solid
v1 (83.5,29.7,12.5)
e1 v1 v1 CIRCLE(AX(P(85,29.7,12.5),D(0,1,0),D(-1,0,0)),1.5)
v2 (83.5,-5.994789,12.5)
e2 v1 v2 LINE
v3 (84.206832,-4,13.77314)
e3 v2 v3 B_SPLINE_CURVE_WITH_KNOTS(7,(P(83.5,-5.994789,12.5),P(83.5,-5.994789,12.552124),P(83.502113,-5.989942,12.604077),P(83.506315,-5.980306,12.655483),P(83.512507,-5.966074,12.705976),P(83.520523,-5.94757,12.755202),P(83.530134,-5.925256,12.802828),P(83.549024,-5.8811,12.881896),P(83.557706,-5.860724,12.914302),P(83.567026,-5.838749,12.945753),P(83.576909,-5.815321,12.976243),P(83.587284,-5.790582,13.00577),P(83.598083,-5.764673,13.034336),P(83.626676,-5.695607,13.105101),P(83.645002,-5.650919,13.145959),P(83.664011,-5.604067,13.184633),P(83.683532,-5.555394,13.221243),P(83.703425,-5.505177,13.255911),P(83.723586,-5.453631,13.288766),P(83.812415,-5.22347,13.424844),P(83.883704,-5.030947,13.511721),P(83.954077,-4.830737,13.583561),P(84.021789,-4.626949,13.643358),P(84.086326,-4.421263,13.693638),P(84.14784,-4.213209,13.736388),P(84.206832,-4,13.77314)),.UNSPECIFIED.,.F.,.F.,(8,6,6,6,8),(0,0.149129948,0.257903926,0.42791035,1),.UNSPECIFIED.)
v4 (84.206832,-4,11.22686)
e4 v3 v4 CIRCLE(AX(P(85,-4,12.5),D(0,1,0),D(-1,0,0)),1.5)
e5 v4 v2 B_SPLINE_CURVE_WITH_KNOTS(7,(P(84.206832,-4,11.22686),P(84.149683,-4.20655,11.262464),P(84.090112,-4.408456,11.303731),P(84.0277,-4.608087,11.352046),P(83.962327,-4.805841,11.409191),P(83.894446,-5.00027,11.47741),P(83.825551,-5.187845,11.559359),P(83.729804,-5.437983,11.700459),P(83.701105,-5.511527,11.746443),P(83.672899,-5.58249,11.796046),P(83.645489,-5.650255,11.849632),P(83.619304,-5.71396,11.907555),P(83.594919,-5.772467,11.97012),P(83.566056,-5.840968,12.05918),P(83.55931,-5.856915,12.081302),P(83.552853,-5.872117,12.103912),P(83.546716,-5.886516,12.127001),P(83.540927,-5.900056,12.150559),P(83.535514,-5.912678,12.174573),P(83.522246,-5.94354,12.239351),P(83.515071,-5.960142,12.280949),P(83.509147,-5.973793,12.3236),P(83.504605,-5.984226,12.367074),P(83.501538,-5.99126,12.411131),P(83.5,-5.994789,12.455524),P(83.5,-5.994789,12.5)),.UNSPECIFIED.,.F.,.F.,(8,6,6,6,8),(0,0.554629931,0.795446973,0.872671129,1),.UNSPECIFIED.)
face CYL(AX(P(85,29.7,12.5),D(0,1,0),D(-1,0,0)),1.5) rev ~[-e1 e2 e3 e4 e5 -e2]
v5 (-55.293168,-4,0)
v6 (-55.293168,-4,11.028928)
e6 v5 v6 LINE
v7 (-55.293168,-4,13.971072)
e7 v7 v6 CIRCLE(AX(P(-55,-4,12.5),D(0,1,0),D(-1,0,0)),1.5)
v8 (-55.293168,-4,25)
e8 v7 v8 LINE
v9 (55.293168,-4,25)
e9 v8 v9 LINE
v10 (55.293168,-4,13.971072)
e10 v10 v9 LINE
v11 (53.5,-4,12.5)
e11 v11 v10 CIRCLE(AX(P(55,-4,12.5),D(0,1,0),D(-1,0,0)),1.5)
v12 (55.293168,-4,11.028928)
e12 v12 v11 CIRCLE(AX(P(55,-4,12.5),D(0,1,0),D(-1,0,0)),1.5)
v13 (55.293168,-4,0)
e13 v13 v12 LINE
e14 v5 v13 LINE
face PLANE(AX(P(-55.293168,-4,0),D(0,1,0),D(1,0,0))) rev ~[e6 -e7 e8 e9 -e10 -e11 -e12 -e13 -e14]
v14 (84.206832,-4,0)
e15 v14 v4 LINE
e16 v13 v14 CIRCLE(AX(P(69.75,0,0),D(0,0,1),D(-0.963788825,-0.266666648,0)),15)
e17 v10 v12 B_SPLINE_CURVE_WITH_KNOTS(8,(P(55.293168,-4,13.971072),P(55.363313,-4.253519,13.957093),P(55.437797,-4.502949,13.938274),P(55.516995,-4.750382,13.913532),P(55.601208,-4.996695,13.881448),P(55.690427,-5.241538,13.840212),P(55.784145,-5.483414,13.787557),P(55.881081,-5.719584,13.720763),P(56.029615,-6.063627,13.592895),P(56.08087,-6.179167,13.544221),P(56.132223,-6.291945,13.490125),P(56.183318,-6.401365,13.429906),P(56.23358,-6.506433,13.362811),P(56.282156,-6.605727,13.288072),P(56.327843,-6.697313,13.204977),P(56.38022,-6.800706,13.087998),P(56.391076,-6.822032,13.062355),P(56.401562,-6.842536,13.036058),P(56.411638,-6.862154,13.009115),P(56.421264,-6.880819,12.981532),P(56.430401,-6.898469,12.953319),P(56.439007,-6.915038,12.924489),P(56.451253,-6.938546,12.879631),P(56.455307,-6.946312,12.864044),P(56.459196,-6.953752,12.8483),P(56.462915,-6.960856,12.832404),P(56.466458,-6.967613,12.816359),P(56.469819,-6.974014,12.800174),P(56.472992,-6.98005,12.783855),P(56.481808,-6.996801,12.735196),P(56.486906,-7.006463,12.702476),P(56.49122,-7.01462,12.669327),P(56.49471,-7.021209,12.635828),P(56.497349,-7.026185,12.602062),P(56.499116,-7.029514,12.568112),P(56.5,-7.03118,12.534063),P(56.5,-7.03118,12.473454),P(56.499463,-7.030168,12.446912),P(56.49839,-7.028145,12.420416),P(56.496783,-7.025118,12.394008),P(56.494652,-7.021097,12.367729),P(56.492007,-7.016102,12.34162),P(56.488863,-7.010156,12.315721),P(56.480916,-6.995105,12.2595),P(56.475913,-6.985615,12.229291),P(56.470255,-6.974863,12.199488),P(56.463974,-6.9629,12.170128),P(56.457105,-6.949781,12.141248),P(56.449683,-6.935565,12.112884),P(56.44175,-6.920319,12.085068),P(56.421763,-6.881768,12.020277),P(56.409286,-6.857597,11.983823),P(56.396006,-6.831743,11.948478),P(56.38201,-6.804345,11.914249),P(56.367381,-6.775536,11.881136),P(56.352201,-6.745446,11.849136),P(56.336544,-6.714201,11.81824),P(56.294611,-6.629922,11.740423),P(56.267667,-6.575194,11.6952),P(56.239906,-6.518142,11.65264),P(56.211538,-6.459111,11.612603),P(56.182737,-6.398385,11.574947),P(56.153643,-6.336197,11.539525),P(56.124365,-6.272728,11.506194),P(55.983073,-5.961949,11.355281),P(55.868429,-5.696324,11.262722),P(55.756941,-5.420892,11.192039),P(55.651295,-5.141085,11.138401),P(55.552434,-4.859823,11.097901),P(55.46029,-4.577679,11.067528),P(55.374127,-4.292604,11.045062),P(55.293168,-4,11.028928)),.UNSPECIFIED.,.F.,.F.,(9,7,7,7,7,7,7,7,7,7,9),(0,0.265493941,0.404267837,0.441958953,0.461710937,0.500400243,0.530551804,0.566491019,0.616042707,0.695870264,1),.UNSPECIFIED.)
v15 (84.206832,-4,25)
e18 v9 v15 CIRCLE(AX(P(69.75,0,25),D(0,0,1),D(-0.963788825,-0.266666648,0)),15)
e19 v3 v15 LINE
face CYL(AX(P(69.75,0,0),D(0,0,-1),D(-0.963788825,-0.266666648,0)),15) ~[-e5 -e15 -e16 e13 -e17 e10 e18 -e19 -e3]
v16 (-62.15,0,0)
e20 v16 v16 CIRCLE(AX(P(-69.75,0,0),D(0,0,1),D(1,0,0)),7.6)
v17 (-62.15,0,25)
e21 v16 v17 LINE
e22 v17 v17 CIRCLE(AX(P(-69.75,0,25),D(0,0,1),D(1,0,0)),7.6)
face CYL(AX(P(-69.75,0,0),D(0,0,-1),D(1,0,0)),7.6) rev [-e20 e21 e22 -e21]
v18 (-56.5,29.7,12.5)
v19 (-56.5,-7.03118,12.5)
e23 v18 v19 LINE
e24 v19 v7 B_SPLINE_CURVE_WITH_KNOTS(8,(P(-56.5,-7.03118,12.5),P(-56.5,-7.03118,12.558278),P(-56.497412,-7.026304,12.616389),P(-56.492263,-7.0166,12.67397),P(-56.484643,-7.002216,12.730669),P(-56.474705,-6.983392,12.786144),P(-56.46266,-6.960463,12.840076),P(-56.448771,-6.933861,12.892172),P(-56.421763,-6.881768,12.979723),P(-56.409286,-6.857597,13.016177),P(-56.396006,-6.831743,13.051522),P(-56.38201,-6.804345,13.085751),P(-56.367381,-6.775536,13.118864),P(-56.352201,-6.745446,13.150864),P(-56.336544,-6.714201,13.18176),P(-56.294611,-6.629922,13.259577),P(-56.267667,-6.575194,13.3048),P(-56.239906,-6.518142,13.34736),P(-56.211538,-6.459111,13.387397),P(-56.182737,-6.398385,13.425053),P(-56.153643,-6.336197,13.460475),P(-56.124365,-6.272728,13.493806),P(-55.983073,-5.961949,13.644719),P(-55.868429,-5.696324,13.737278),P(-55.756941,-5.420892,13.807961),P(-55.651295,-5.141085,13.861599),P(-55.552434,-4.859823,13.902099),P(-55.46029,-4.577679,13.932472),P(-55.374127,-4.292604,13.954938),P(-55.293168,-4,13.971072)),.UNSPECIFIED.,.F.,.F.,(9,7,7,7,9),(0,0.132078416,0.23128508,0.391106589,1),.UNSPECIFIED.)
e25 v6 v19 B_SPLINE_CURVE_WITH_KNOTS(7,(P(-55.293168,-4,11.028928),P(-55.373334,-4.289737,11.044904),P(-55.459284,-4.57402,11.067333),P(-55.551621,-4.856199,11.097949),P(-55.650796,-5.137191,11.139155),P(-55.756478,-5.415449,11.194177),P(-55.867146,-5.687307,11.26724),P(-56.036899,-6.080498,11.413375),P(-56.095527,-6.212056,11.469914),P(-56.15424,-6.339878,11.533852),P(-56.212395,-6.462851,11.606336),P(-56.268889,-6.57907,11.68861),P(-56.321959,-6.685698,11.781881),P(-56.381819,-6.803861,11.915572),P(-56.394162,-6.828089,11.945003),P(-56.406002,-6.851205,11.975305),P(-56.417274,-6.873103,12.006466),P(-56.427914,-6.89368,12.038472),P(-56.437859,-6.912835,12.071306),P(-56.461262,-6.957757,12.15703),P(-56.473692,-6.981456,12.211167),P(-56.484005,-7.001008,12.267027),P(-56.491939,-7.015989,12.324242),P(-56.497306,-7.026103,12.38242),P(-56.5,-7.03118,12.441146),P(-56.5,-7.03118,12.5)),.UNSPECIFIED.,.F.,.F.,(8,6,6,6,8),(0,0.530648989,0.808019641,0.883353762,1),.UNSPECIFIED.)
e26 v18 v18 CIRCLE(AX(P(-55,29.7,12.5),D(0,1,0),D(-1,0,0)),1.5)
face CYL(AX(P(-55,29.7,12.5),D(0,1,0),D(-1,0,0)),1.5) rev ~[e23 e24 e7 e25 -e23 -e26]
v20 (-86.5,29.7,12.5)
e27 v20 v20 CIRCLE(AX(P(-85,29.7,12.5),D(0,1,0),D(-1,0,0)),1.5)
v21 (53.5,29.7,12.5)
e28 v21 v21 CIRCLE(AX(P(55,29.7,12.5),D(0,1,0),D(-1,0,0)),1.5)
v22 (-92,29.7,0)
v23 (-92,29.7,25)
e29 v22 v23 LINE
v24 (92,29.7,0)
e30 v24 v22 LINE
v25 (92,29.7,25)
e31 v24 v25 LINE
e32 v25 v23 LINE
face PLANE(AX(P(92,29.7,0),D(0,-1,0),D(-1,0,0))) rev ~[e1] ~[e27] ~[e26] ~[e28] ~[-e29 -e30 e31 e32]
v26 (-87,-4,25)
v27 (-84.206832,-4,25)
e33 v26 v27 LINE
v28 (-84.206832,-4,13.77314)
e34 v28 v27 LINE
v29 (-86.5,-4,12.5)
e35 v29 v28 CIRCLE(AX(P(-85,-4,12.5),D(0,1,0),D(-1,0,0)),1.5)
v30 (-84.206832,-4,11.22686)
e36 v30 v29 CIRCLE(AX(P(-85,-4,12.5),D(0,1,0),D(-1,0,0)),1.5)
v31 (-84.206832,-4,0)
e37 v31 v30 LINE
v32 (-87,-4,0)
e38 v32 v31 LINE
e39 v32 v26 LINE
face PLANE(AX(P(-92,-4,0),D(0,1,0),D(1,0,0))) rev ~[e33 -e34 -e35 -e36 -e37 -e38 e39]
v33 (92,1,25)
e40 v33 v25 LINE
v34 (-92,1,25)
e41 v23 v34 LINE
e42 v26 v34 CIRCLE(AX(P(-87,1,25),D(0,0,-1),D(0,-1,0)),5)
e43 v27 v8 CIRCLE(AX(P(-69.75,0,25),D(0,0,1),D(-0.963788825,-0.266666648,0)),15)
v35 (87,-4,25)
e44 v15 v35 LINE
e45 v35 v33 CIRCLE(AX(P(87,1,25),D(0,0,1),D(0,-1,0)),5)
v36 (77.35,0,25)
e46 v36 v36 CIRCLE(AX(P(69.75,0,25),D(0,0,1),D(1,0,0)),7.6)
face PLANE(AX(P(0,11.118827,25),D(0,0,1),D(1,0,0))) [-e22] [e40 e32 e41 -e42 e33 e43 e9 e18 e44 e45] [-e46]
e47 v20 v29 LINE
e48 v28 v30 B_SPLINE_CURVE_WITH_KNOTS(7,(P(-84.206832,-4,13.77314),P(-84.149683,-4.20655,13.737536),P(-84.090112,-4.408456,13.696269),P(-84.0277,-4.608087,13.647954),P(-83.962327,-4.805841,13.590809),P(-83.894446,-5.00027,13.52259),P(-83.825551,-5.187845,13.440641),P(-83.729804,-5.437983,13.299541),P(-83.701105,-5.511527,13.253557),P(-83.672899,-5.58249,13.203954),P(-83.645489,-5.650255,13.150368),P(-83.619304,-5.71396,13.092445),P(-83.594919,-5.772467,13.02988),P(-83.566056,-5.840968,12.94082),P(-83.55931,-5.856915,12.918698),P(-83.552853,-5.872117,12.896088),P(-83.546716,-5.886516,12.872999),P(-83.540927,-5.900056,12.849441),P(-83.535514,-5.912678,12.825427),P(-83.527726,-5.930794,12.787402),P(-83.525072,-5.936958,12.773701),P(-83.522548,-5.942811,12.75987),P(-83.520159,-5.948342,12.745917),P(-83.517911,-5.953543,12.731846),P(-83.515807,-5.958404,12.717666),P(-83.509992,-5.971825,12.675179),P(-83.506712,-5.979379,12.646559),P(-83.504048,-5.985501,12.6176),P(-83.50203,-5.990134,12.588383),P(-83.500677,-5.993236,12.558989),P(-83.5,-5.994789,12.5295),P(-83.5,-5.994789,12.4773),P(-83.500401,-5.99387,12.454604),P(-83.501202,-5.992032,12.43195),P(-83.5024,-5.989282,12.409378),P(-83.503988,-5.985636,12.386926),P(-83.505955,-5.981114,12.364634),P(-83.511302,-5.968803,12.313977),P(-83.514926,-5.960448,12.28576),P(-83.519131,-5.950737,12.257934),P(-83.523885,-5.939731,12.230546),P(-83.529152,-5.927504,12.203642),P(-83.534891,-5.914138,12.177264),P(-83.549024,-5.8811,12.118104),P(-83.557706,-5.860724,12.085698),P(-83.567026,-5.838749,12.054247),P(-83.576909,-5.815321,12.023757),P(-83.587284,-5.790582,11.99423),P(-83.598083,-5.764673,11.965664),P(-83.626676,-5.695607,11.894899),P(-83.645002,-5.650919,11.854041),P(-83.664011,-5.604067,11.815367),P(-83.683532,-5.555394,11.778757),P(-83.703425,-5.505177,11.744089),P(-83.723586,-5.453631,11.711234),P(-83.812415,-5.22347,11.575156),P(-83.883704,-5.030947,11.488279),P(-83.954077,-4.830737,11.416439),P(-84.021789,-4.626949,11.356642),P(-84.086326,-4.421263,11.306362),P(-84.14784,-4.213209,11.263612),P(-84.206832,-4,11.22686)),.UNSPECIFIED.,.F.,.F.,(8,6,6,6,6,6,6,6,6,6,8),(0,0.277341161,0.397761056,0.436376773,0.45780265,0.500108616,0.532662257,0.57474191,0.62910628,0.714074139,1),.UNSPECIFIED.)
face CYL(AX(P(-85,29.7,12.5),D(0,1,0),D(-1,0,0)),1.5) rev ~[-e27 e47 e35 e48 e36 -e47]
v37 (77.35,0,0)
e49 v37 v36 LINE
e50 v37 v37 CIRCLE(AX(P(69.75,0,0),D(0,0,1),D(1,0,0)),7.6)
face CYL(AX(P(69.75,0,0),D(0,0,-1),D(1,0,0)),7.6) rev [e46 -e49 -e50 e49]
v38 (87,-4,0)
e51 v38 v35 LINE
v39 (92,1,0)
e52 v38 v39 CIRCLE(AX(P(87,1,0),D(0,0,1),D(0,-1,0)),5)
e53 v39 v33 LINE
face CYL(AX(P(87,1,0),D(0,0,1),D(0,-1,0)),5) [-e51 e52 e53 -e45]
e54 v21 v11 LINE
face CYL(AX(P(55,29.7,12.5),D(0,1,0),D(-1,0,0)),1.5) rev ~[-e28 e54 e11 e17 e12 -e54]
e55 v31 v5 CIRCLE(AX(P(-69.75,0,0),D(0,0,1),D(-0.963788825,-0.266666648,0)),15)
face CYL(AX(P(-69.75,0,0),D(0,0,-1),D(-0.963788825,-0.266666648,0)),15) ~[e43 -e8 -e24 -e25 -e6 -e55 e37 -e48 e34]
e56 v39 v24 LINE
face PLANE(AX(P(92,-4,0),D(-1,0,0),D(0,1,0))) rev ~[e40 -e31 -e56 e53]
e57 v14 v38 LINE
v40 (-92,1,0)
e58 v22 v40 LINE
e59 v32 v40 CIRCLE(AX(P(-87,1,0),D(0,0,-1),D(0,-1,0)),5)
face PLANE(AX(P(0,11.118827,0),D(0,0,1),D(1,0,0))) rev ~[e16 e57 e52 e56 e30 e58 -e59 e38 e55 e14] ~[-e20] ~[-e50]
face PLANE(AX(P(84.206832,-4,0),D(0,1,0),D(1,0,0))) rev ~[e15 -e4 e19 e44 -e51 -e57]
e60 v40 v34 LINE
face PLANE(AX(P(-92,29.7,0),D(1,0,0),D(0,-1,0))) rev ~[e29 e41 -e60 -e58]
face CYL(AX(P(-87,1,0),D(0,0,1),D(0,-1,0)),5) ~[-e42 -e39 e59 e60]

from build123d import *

# Parameters (mm, degrees)
F0_R     = 7.6
F1_DEPTH = 25
F2_R     = 1.5
F3_DEPTH = 44.701
F4_R     = 5


with BuildPart() as f1:
    # F0 (on Top) → F1 (new body)
    with BuildSketch(Plane.XY):
        with BuildLine():
            ThreePointArc((-84.206832, -4), (-69.75, -15), (-55.293168, -4))
            Line((-55.293168, -4), (55.293168, -4))
            ThreePointArc((55.293168, -4), (69.75, -15), (84.206832, -4))
            Line((84.206832, -4), (92, -4))
            Line((92, -4), (92, 29.7))
            Line((92, 29.7), (-92, 29.7))
            Line((-92, 29.7), (-92, -4))
            Line((-92, -4), (-84.206832, -4))
        make_face()
        with Locations((-69.75, 0)):
            Circle(F0_R, mode=Mode.SUBTRACT)
        with Locations((69.75, 0)):
            Circle(F0_R, mode=Mode.SUBTRACT)
    extrude(amount=F1_DEPTH)

    # F2 (on face) → F3 (cut, through all)
    with BuildSketch(Plane(origin=(0, 29.7, 0), x_dir=(-1, 0, 0), z_dir=(0, 1, 0))):
        with Locations((55, 12.5)):
            Circle(F2_R)
        with Locations((-55, 12.5)):
            Circle(F2_R)
        with Locations((85, 12.5)):
            Circle(F2_R)
        with Locations((-85, 12.5)):
            Circle(F2_R)
    extrude(amount=-F3_DEPTH, mode=Mode.SUBTRACT)

    # F4
    f4_edges = [f1.edges().sort_by_distance(p)[0] for p in [
        (-92, -4, 12.5),
        (92, -4, 12.5),
    ]]
    fillet(f4_edges, radius=F4_R)


solid = f1.part
